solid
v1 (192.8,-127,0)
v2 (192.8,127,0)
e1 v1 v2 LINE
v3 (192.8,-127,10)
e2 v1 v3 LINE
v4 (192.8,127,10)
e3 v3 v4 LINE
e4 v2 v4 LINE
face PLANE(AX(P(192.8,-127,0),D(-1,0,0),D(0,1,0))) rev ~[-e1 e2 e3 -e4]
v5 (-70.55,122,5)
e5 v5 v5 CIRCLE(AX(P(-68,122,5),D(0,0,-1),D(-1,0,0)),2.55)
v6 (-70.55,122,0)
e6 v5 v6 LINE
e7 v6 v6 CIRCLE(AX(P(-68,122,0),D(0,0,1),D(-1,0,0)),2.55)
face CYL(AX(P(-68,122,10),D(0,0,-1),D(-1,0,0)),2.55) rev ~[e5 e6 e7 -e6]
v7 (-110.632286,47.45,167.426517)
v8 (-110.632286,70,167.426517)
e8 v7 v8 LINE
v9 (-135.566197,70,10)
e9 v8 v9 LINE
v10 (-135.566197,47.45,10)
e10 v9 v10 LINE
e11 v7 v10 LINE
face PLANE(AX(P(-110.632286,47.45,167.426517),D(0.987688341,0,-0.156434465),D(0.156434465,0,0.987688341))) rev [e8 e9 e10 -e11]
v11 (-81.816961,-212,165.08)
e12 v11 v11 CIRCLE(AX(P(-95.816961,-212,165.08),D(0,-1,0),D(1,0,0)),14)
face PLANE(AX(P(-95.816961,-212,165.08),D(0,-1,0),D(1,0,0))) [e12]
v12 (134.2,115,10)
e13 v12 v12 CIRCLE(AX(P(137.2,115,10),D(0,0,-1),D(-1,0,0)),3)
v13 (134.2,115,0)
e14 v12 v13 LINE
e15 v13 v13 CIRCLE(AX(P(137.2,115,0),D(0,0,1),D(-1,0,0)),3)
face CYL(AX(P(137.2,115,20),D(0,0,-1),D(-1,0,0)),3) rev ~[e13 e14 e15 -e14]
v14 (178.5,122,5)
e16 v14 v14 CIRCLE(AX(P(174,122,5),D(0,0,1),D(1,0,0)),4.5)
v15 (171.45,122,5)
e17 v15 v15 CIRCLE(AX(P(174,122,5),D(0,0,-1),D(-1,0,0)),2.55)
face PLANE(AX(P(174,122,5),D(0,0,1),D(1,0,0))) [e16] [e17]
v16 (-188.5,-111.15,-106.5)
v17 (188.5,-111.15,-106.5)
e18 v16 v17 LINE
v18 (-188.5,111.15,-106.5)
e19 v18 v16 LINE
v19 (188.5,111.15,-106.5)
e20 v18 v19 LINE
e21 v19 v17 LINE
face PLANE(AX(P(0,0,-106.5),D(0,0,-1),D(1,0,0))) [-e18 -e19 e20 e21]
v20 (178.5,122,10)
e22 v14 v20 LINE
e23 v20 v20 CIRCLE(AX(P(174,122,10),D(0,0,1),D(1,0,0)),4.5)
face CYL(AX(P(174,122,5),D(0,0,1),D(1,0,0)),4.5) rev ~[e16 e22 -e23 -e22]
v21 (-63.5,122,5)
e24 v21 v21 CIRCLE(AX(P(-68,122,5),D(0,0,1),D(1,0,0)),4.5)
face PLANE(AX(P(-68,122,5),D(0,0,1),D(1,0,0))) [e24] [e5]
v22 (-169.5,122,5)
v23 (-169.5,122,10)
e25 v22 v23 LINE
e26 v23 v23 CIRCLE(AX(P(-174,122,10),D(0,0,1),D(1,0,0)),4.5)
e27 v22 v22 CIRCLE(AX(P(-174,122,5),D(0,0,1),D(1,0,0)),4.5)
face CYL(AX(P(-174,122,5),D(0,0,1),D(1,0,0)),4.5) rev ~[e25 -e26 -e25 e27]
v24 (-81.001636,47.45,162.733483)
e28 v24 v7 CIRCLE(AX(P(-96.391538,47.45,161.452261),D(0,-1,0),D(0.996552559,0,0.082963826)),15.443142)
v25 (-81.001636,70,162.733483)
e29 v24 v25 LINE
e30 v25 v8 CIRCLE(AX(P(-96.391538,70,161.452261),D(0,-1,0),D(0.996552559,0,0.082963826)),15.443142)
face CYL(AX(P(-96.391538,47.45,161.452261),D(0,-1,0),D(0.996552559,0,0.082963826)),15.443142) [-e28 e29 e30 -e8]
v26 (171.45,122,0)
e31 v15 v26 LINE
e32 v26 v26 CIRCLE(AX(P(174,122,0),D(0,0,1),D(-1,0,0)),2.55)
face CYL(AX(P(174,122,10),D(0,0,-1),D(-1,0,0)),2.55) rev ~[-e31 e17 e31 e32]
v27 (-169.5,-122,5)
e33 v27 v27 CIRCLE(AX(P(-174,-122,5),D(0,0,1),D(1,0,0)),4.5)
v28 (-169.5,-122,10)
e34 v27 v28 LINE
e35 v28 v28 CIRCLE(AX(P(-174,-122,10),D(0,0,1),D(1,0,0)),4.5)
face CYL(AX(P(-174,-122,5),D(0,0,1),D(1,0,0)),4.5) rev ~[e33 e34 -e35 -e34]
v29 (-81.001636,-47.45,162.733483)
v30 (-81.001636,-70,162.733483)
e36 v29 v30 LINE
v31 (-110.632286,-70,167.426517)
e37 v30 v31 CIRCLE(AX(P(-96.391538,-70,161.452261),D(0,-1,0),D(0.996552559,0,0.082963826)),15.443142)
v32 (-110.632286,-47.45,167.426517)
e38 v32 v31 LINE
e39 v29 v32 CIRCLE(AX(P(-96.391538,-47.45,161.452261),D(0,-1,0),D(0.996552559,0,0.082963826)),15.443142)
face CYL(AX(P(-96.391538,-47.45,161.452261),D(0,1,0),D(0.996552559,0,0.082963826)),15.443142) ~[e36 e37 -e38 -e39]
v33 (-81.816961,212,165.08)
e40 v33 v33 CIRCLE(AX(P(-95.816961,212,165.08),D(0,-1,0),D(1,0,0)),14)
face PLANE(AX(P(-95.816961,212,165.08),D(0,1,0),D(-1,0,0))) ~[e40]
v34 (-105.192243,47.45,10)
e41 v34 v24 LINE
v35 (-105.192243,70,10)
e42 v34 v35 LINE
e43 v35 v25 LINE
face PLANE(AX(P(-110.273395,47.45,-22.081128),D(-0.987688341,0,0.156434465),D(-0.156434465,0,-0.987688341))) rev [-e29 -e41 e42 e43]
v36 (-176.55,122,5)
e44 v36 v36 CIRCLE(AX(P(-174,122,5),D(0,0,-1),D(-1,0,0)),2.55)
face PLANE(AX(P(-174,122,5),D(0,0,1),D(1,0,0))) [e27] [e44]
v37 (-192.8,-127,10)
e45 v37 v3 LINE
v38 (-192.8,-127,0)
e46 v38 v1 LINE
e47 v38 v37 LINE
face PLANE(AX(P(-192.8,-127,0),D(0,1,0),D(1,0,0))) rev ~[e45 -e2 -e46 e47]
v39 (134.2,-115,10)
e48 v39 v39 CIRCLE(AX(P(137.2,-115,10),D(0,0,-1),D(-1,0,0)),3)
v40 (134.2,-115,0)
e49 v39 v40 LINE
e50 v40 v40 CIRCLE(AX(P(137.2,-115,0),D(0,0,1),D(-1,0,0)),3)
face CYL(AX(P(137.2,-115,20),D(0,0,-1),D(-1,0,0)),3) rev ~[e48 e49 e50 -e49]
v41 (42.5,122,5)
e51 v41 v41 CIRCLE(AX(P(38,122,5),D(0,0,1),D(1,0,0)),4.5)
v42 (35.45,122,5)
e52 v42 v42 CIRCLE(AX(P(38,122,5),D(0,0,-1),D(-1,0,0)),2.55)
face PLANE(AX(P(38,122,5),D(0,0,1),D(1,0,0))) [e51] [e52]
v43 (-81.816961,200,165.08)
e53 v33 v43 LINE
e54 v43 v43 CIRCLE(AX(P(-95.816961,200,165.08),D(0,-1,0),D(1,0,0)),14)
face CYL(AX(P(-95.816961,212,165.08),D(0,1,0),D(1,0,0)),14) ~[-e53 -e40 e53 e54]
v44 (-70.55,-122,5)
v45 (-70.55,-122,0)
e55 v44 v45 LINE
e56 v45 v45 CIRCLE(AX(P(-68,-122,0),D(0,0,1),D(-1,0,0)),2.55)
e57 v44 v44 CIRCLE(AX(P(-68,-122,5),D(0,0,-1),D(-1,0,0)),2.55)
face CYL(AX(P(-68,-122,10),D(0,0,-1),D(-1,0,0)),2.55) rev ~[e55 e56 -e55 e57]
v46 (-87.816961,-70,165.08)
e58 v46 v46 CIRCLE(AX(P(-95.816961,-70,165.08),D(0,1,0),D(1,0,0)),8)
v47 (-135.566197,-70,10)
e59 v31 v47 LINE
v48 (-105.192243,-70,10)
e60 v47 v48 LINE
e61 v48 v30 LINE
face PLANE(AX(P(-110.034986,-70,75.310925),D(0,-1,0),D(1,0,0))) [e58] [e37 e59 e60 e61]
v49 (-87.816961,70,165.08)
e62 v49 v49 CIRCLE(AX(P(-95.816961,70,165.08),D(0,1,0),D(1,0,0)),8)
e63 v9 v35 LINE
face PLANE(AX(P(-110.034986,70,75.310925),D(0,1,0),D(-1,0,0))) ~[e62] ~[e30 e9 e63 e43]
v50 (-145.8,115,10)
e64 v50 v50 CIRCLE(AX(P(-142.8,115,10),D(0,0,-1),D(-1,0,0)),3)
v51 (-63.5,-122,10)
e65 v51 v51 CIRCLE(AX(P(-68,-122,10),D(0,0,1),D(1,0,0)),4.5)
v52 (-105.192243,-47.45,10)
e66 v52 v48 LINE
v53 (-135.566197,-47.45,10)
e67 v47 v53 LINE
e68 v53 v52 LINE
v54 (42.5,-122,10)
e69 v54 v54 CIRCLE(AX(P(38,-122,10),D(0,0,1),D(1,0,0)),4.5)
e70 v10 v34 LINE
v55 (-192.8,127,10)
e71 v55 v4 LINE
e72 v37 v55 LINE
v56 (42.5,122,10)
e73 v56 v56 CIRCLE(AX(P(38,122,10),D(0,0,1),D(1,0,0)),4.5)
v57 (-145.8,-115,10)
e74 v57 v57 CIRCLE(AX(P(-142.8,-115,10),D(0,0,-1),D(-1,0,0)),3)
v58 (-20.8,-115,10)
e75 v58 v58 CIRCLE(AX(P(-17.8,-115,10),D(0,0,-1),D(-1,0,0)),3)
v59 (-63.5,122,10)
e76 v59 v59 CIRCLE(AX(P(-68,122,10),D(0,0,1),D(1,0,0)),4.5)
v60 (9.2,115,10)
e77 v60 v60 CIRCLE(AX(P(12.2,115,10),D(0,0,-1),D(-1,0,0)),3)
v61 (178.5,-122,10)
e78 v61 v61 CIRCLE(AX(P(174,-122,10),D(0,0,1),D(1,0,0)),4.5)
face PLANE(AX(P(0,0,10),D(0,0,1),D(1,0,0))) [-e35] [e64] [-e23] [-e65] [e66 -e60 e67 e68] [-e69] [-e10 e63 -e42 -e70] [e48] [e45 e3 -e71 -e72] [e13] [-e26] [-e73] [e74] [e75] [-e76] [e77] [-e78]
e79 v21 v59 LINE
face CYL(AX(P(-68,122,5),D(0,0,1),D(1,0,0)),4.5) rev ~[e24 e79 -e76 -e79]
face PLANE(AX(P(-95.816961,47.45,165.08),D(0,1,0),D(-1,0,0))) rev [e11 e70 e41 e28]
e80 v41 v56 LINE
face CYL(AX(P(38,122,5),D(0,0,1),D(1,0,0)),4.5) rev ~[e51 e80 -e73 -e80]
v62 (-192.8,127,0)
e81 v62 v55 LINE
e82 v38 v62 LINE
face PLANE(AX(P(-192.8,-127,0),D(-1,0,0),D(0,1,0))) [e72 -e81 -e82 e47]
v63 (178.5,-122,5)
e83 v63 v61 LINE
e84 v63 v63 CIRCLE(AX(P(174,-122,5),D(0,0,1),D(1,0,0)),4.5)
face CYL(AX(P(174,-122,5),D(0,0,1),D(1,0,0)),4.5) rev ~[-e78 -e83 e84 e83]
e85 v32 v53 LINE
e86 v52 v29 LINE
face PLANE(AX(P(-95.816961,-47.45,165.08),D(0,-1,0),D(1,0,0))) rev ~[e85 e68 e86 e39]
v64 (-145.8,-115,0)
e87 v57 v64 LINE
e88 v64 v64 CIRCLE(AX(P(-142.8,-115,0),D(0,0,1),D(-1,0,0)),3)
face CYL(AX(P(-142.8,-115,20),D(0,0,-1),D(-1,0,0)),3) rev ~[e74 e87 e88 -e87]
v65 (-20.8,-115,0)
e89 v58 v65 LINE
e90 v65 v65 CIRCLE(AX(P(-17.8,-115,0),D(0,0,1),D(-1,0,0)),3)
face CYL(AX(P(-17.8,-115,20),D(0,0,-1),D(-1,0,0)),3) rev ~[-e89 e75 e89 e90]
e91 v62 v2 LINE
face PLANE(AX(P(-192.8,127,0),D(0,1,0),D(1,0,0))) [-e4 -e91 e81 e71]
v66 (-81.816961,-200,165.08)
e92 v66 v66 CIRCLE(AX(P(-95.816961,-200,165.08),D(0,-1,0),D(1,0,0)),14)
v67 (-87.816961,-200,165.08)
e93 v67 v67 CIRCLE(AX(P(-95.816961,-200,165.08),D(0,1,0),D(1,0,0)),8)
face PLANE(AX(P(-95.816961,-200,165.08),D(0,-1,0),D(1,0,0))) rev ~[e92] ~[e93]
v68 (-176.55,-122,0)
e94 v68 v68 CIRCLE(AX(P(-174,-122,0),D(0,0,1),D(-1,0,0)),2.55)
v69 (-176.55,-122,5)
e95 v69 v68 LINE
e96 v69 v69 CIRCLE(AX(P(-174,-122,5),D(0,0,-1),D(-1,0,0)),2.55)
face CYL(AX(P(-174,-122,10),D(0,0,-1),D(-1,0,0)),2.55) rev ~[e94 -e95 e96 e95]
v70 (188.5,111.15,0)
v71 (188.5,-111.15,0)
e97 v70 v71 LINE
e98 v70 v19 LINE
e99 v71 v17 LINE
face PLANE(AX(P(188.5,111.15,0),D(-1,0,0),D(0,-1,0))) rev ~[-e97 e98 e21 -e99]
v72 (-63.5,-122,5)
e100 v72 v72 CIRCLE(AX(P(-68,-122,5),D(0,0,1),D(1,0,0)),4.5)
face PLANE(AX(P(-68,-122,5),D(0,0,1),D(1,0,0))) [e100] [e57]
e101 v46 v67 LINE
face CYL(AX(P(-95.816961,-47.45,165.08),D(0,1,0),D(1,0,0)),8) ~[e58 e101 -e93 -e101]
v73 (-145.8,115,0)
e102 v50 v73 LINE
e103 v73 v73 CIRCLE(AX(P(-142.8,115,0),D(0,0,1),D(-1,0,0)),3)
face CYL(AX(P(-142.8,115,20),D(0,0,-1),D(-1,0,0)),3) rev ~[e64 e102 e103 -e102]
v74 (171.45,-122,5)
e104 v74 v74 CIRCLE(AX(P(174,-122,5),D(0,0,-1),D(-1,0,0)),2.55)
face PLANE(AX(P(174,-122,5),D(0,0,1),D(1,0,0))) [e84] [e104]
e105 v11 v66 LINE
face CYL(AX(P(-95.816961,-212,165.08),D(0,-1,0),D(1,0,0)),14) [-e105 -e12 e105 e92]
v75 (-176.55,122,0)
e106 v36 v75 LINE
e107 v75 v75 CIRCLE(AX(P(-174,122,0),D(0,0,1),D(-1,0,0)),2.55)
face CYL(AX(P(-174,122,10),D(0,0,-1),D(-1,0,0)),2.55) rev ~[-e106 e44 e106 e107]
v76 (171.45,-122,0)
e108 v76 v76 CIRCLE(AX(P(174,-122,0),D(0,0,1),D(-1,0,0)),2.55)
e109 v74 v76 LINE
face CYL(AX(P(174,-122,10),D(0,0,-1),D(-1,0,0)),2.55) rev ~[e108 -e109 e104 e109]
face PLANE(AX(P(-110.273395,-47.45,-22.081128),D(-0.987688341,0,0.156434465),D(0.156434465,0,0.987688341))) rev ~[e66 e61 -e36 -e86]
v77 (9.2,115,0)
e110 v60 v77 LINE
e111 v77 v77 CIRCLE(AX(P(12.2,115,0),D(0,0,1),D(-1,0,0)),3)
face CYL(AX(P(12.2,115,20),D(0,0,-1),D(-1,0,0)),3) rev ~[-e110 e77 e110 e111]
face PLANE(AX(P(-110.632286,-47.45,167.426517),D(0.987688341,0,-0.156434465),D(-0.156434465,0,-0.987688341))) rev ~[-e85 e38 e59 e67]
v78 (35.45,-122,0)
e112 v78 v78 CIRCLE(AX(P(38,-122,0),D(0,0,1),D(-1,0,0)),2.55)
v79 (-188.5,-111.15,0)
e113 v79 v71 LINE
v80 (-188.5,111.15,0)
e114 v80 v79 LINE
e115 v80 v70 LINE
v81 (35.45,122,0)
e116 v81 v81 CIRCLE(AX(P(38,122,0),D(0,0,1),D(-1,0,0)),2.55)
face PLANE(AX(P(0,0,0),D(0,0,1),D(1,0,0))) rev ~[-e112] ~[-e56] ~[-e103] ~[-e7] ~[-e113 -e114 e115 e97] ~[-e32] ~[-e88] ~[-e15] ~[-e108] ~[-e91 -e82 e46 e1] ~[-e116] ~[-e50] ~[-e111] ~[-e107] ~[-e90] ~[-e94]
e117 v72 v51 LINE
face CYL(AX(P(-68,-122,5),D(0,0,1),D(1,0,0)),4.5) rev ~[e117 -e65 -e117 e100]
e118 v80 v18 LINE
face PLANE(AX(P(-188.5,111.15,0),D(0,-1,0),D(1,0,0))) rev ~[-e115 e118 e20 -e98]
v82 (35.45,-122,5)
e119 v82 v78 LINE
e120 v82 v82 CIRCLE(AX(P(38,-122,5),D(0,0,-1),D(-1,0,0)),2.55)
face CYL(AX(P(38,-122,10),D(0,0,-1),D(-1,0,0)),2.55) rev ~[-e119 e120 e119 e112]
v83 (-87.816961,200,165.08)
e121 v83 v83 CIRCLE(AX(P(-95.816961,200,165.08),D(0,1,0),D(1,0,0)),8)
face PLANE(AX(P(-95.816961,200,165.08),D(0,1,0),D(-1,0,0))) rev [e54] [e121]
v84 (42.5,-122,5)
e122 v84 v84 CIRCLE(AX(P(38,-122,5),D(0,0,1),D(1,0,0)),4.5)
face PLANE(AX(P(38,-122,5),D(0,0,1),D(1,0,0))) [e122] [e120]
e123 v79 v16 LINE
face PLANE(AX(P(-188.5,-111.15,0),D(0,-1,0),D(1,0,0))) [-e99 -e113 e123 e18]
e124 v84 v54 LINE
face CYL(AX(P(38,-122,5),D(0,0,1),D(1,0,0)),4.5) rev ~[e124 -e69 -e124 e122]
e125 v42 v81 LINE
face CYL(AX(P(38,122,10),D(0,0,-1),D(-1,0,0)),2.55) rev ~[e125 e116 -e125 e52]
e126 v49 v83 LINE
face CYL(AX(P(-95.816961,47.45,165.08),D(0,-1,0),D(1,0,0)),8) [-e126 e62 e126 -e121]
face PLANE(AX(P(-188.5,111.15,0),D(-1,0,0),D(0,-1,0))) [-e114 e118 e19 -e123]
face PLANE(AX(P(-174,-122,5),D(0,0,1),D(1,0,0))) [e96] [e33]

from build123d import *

# Parameters (mm, degrees)
F0_W           = 385.6
F0_H           = 254
F1_DEPTH       = 10
F2_W           = 377
F2_H           = 222.3
F3_DEPTH       = 106.5
F5_D           = 6
F5_DEPTH       = 10
F5_TIP         = 1.8025818571
F6_D           = 5.1
F6_DEPTH       = 10
F6_CBORE_D     = 9
F6_CBORE_DEPTH = 5
F6_TIP         = 1.5321945785
F9_DEPTH       = 22.55
F10_R          = 8
F11_DEPTH      = 164.55
F12_R          = 14
F13_DEPTH      = 12


with BuildPart() as f1:
    # F0 (on Top) → F1 (new body)
    with BuildSketch(Plane.XY):
        Rectangle(F0_W, F0_H)
    extrude(amount=F1_DEPTH)

    # F2 (on face) → F3 (join)
    with BuildSketch(Plane(origin=(0, 0, 0), x_dir=(1, 0, 0), z_dir=(0, 0, -1))):
        Rectangle(F2_W, F2_H)
    extrude(amount=F3_DEPTH)

    # F5
    with Locations(Plane.XY.offset(10)):
        with Locations((-142.8, 115), (12.2, 115), (137.2, 115), (137.2, -115), (-17.8, -115), (-142.8, -115)):
            Hole(F5_D / 2, depth=F5_DEPTH)
            with Locations((0, 0, -(F5_DEPTH + F5_TIP / 2))):  # 118° drill point
                Cone(0, F5_D / 2, F5_TIP, mode=Mode.SUBTRACT)

    # F6
    with Locations(Plane.XY.offset(10)):
        with Locations((-174, 122), (-68, 122), (38, 122), (174, 122), (174, -122), (38, -122), (-68, -122), (-174, -122)):
            CounterBoreHole(F6_D / 2, F6_CBORE_D / 2, F6_CBORE_DEPTH, depth=F6_DEPTH)
            with Locations((0, 0, -(F6_DEPTH + F6_TIP / 2))):  # 118° drill point
                Cone(0, F6_D / 2, F6_TIP, mode=Mode.SUBTRACT)



with BuildPart() as f9:
    # F8 (on offset) → F9 (new body)
    with BuildSketch(Plane.XZ.offset(47.45)):
        with BuildLine():
            ThreePointArc((-81.0016359628, 162.7334830244), (-93.9756988655, 176.7052720437), (-110.6322861807, 167.4265169756))
            Line((-110.6322861807, 167.4265169756), (-139.90404485, -17.3880936599))
            Line((-139.90404485, -17.3880936599), (-110.2733946321, -22.0811276111))
            Line((-110.2733946321, -22.0811276111), (-81.0016359628, 162.7334830244))
        make_face()
    extrude(amount=F9_DEPTH)

    # F10 (on face) → F11 (join)
    with BuildSketch(Plane.XZ.offset(47.45)):
        with Locations((-95.8169610718, 165.08)):
            Circle(F10_R)
    extrude(amount=F11_DEPTH)

    # F12 (on face) → F13 (join)
    with BuildSketch(Plane.XZ.offset(212)):
        with Locations((-95.8169610718, 165.08)):
            Circle(F12_R)
    extrude(amount=-F13_DEPTH)


with BuildPart() as f1_1:
    add(f1.part)

    add(f9.part)  # F14 merges F9
    # F14: F9 across plane
    add(f9.part.mirror(Plane.XZ))


solid = f1_1.part
